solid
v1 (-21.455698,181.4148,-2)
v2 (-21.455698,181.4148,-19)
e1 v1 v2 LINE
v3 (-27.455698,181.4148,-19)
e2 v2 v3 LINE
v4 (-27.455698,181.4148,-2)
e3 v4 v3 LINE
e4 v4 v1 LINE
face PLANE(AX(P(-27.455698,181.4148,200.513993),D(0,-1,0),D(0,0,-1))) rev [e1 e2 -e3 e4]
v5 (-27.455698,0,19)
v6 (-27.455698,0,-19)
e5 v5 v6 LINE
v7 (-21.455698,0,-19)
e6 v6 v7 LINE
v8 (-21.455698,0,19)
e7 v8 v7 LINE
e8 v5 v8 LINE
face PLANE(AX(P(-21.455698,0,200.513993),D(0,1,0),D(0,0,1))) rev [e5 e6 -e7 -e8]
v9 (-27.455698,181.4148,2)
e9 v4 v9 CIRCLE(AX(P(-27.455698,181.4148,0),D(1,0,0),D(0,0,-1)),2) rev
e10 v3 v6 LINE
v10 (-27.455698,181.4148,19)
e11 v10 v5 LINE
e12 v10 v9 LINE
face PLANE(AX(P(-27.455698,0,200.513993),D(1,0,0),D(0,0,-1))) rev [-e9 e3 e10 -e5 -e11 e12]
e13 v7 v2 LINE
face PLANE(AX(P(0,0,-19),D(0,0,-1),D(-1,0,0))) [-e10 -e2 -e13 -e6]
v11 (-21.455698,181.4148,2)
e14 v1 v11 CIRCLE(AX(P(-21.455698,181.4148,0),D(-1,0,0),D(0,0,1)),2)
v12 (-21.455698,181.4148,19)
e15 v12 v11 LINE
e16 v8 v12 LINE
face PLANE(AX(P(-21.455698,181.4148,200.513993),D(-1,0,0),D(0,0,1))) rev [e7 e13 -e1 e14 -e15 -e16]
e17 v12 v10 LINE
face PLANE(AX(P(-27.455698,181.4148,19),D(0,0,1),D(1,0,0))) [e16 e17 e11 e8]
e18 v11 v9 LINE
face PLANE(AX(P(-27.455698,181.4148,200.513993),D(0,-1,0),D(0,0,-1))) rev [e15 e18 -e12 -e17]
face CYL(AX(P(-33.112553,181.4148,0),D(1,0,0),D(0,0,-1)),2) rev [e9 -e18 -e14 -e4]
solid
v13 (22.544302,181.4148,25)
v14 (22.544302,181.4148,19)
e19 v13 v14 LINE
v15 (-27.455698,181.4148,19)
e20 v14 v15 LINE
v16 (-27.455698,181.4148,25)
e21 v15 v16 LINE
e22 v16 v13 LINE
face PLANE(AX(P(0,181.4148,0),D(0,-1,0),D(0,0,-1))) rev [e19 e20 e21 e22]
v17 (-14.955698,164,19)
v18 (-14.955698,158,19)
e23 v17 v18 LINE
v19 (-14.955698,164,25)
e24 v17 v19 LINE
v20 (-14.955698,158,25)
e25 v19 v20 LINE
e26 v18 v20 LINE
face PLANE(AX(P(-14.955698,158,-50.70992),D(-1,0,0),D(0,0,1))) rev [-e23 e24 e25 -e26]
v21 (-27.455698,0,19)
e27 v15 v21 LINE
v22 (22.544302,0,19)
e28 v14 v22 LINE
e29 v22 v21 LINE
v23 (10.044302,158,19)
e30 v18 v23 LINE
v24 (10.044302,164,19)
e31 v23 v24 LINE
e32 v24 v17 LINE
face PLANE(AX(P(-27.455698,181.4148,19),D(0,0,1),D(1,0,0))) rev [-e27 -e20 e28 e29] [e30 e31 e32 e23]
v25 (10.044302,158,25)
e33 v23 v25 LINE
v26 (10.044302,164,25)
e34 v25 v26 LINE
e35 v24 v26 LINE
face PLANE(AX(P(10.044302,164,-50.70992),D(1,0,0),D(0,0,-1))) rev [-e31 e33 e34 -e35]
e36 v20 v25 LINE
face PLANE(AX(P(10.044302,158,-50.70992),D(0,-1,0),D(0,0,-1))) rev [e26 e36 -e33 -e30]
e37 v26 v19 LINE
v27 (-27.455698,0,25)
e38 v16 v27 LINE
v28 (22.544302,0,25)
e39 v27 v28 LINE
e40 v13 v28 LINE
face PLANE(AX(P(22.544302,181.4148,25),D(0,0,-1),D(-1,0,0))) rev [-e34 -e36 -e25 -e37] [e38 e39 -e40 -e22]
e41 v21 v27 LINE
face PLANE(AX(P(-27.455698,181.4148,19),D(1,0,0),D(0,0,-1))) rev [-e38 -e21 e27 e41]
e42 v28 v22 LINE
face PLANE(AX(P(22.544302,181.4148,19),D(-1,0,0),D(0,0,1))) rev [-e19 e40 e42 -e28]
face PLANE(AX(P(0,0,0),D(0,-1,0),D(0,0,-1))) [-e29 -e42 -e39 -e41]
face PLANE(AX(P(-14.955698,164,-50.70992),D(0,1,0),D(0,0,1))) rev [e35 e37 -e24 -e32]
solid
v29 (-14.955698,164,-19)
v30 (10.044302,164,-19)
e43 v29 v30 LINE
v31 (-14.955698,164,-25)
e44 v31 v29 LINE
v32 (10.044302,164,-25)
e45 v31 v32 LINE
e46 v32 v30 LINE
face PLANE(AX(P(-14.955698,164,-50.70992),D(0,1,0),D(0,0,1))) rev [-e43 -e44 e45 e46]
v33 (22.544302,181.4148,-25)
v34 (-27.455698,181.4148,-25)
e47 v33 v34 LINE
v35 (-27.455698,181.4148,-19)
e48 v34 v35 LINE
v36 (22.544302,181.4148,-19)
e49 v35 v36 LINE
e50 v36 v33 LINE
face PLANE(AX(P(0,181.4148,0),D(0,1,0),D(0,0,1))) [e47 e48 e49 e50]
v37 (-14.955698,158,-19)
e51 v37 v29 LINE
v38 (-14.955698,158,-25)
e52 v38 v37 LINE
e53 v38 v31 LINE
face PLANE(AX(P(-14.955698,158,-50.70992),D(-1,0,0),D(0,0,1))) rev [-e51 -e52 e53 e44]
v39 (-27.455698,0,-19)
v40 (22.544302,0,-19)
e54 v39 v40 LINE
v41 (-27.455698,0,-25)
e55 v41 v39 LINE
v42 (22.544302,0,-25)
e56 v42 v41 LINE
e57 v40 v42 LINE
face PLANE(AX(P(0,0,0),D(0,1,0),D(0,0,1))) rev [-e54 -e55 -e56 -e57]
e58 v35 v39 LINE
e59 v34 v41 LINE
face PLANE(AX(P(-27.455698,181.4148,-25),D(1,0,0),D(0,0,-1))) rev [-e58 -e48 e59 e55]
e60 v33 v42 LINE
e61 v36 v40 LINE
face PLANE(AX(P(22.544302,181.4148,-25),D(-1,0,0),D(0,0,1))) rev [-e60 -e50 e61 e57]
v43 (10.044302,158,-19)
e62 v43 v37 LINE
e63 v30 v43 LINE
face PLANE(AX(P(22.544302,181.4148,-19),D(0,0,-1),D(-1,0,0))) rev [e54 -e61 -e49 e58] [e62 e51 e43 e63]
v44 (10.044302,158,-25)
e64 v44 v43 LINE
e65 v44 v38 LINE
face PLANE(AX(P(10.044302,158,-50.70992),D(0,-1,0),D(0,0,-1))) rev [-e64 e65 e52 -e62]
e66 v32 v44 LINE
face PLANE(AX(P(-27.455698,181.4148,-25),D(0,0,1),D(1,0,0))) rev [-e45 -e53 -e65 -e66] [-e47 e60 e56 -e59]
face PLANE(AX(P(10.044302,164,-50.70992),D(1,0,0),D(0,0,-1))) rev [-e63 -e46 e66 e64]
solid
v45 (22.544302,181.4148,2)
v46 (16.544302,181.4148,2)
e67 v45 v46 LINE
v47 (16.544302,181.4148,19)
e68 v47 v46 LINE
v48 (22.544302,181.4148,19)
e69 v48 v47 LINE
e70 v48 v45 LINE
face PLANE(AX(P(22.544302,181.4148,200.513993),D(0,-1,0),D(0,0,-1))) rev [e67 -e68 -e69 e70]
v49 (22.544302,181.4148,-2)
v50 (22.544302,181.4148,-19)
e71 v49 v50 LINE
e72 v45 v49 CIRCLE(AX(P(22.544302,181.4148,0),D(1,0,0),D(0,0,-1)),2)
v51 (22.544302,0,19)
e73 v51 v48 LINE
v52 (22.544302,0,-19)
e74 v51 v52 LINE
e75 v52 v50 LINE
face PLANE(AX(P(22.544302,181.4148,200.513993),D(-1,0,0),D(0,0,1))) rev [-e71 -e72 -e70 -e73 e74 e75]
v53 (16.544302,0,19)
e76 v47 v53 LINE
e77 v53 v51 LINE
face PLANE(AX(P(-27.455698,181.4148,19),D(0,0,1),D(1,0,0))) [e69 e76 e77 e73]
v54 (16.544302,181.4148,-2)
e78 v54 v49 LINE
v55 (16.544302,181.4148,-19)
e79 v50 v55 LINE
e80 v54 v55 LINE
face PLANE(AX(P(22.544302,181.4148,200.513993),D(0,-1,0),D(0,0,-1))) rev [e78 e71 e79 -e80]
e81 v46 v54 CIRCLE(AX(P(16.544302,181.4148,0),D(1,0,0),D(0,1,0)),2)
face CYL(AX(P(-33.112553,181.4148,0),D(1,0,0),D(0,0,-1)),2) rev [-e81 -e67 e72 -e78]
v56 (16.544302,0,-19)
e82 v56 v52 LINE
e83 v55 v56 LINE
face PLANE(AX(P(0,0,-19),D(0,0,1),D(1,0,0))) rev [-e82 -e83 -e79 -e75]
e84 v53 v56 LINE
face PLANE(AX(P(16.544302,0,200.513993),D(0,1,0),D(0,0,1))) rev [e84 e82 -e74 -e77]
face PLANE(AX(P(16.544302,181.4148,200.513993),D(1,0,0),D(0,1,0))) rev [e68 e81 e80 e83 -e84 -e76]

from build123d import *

# Parameters (mm, degrees)
ESBO_O1_W             = 50
ESBO_O1_H             = 6
PAREDE_1_DEPTH        = 181.4148
PAREDE_1_2_DEPTH      = 181.4148
ESBO_O4_W             = 6
ESBO_O4_H             = 181.4148
PAREDE_2_DEPTH        = 38
PAREDE_2_2_DEPTH      = 38
CORTE_TUBO_START      = -50
ESBO_O5_R             = 2
CORTE_TUBO_DEPTH      = 50
CORTE_EXTRUS_O1_START = -50
ESBO_O7_W             = 25
ESBO_O7_H             = 6
CORTE_EXTRUS_O1_DEPTH = 50


with BuildPart() as part:
    # Esboço1 → parede_1 (new body)
    with BuildSketch(Plane(origin=(0, 0, 0), x_dir=(1, 0, 0), z_dir=(0, 1, 0))):
        with Locations((-2.45569837, 22)):
            Rectangle(ESBO_O1_W, ESBO_O1_H)
    extrude(amount=PAREDE_1_DEPTH)


with BuildPart() as body_2:
    # Esboço1 → parede_1 2 (new body)
    with BuildSketch(Plane(origin=(0, 0, 0), x_dir=(1, 0, 0), z_dir=(0, 1, 0))):
        with Locations((-2.45569837, -22)):
            Rectangle(ESBO_O1_W, ESBO_O1_H)
    extrude(amount=PAREDE_1_2_DEPTH)


with BuildPart() as body_3:
    # Esboço4 → parede_2 (new body)
    with BuildSketch(Plane.XY.offset(-19)):
        with Locations((19.54430163, 90.7074)):
            Rectangle(ESBO_O4_W, ESBO_O4_H)
    extrude(amount=PAREDE_2_DEPTH)


with BuildPart() as body_4:
    # Esboço4 → parede_2 2 (new body)
    with BuildSketch(Plane.XY.offset(-19)):
        with Locations((-24.45569837, 90.7074)):
            Rectangle(ESBO_O4_W, ESBO_O4_H)
    extrude(amount=PAREDE_2_2_DEPTH)


with BuildPart() as corte_tubo_tool:
    # Esboço5 → Corte_tubo (new body)
    with BuildSketch(Plane(origin=(22.54430163, 0, 0), x_dir=(0, 0, -1), z_dir=(1, 0, 0)).offset(CORTE_TUBO_START)):
        with Locations((0, 181.4148)):
            Circle(ESBO_O5_R)
    extrude(amount=CORTE_TUBO_DEPTH)


with BuildPart() as body_3_1:
    add(body_3.part)

    # Corte_tubo: cut by corte_tubo_tool
    add(corte_tubo_tool.part, mode=Mode.SUBTRACT)


with BuildPart() as body_4_1:
    add(body_4.part)

    # Corte_tubo: cut by corte_tubo_tool
    add(corte_tubo_tool.part, mode=Mode.SUBTRACT)


with BuildPart() as corte_extrus_o1_tool:
    # Esboço7 → Corte-extrusão1 (new body)
    with BuildSketch(Plane.XY.offset(25).offset(CORTE_EXTRUS_O1_START)):
        with Locations((-2.45569837, 161)):
            Rectangle(ESBO_O7_W, ESBO_O7_H)
    extrude(amount=CORTE_EXTRUS_O1_DEPTH)


with BuildPart() as part_1:
    add(part.part)

    # Corte-extrusão1: cut by corte_extrus_o1_tool
    add(corte_extrus_o1_tool.part, mode=Mode.SUBTRACT)


with BuildPart() as body_2_1:
    add(body_2.part)

    # Corte-extrusão1: cut by corte_extrus_o1_tool
    add(corte_extrus_o1_tool.part, mode=Mode.SUBTRACT)


solid = Compound([body_3_1.part, body_4_1.part, part_1.part, body_2_1.part])
